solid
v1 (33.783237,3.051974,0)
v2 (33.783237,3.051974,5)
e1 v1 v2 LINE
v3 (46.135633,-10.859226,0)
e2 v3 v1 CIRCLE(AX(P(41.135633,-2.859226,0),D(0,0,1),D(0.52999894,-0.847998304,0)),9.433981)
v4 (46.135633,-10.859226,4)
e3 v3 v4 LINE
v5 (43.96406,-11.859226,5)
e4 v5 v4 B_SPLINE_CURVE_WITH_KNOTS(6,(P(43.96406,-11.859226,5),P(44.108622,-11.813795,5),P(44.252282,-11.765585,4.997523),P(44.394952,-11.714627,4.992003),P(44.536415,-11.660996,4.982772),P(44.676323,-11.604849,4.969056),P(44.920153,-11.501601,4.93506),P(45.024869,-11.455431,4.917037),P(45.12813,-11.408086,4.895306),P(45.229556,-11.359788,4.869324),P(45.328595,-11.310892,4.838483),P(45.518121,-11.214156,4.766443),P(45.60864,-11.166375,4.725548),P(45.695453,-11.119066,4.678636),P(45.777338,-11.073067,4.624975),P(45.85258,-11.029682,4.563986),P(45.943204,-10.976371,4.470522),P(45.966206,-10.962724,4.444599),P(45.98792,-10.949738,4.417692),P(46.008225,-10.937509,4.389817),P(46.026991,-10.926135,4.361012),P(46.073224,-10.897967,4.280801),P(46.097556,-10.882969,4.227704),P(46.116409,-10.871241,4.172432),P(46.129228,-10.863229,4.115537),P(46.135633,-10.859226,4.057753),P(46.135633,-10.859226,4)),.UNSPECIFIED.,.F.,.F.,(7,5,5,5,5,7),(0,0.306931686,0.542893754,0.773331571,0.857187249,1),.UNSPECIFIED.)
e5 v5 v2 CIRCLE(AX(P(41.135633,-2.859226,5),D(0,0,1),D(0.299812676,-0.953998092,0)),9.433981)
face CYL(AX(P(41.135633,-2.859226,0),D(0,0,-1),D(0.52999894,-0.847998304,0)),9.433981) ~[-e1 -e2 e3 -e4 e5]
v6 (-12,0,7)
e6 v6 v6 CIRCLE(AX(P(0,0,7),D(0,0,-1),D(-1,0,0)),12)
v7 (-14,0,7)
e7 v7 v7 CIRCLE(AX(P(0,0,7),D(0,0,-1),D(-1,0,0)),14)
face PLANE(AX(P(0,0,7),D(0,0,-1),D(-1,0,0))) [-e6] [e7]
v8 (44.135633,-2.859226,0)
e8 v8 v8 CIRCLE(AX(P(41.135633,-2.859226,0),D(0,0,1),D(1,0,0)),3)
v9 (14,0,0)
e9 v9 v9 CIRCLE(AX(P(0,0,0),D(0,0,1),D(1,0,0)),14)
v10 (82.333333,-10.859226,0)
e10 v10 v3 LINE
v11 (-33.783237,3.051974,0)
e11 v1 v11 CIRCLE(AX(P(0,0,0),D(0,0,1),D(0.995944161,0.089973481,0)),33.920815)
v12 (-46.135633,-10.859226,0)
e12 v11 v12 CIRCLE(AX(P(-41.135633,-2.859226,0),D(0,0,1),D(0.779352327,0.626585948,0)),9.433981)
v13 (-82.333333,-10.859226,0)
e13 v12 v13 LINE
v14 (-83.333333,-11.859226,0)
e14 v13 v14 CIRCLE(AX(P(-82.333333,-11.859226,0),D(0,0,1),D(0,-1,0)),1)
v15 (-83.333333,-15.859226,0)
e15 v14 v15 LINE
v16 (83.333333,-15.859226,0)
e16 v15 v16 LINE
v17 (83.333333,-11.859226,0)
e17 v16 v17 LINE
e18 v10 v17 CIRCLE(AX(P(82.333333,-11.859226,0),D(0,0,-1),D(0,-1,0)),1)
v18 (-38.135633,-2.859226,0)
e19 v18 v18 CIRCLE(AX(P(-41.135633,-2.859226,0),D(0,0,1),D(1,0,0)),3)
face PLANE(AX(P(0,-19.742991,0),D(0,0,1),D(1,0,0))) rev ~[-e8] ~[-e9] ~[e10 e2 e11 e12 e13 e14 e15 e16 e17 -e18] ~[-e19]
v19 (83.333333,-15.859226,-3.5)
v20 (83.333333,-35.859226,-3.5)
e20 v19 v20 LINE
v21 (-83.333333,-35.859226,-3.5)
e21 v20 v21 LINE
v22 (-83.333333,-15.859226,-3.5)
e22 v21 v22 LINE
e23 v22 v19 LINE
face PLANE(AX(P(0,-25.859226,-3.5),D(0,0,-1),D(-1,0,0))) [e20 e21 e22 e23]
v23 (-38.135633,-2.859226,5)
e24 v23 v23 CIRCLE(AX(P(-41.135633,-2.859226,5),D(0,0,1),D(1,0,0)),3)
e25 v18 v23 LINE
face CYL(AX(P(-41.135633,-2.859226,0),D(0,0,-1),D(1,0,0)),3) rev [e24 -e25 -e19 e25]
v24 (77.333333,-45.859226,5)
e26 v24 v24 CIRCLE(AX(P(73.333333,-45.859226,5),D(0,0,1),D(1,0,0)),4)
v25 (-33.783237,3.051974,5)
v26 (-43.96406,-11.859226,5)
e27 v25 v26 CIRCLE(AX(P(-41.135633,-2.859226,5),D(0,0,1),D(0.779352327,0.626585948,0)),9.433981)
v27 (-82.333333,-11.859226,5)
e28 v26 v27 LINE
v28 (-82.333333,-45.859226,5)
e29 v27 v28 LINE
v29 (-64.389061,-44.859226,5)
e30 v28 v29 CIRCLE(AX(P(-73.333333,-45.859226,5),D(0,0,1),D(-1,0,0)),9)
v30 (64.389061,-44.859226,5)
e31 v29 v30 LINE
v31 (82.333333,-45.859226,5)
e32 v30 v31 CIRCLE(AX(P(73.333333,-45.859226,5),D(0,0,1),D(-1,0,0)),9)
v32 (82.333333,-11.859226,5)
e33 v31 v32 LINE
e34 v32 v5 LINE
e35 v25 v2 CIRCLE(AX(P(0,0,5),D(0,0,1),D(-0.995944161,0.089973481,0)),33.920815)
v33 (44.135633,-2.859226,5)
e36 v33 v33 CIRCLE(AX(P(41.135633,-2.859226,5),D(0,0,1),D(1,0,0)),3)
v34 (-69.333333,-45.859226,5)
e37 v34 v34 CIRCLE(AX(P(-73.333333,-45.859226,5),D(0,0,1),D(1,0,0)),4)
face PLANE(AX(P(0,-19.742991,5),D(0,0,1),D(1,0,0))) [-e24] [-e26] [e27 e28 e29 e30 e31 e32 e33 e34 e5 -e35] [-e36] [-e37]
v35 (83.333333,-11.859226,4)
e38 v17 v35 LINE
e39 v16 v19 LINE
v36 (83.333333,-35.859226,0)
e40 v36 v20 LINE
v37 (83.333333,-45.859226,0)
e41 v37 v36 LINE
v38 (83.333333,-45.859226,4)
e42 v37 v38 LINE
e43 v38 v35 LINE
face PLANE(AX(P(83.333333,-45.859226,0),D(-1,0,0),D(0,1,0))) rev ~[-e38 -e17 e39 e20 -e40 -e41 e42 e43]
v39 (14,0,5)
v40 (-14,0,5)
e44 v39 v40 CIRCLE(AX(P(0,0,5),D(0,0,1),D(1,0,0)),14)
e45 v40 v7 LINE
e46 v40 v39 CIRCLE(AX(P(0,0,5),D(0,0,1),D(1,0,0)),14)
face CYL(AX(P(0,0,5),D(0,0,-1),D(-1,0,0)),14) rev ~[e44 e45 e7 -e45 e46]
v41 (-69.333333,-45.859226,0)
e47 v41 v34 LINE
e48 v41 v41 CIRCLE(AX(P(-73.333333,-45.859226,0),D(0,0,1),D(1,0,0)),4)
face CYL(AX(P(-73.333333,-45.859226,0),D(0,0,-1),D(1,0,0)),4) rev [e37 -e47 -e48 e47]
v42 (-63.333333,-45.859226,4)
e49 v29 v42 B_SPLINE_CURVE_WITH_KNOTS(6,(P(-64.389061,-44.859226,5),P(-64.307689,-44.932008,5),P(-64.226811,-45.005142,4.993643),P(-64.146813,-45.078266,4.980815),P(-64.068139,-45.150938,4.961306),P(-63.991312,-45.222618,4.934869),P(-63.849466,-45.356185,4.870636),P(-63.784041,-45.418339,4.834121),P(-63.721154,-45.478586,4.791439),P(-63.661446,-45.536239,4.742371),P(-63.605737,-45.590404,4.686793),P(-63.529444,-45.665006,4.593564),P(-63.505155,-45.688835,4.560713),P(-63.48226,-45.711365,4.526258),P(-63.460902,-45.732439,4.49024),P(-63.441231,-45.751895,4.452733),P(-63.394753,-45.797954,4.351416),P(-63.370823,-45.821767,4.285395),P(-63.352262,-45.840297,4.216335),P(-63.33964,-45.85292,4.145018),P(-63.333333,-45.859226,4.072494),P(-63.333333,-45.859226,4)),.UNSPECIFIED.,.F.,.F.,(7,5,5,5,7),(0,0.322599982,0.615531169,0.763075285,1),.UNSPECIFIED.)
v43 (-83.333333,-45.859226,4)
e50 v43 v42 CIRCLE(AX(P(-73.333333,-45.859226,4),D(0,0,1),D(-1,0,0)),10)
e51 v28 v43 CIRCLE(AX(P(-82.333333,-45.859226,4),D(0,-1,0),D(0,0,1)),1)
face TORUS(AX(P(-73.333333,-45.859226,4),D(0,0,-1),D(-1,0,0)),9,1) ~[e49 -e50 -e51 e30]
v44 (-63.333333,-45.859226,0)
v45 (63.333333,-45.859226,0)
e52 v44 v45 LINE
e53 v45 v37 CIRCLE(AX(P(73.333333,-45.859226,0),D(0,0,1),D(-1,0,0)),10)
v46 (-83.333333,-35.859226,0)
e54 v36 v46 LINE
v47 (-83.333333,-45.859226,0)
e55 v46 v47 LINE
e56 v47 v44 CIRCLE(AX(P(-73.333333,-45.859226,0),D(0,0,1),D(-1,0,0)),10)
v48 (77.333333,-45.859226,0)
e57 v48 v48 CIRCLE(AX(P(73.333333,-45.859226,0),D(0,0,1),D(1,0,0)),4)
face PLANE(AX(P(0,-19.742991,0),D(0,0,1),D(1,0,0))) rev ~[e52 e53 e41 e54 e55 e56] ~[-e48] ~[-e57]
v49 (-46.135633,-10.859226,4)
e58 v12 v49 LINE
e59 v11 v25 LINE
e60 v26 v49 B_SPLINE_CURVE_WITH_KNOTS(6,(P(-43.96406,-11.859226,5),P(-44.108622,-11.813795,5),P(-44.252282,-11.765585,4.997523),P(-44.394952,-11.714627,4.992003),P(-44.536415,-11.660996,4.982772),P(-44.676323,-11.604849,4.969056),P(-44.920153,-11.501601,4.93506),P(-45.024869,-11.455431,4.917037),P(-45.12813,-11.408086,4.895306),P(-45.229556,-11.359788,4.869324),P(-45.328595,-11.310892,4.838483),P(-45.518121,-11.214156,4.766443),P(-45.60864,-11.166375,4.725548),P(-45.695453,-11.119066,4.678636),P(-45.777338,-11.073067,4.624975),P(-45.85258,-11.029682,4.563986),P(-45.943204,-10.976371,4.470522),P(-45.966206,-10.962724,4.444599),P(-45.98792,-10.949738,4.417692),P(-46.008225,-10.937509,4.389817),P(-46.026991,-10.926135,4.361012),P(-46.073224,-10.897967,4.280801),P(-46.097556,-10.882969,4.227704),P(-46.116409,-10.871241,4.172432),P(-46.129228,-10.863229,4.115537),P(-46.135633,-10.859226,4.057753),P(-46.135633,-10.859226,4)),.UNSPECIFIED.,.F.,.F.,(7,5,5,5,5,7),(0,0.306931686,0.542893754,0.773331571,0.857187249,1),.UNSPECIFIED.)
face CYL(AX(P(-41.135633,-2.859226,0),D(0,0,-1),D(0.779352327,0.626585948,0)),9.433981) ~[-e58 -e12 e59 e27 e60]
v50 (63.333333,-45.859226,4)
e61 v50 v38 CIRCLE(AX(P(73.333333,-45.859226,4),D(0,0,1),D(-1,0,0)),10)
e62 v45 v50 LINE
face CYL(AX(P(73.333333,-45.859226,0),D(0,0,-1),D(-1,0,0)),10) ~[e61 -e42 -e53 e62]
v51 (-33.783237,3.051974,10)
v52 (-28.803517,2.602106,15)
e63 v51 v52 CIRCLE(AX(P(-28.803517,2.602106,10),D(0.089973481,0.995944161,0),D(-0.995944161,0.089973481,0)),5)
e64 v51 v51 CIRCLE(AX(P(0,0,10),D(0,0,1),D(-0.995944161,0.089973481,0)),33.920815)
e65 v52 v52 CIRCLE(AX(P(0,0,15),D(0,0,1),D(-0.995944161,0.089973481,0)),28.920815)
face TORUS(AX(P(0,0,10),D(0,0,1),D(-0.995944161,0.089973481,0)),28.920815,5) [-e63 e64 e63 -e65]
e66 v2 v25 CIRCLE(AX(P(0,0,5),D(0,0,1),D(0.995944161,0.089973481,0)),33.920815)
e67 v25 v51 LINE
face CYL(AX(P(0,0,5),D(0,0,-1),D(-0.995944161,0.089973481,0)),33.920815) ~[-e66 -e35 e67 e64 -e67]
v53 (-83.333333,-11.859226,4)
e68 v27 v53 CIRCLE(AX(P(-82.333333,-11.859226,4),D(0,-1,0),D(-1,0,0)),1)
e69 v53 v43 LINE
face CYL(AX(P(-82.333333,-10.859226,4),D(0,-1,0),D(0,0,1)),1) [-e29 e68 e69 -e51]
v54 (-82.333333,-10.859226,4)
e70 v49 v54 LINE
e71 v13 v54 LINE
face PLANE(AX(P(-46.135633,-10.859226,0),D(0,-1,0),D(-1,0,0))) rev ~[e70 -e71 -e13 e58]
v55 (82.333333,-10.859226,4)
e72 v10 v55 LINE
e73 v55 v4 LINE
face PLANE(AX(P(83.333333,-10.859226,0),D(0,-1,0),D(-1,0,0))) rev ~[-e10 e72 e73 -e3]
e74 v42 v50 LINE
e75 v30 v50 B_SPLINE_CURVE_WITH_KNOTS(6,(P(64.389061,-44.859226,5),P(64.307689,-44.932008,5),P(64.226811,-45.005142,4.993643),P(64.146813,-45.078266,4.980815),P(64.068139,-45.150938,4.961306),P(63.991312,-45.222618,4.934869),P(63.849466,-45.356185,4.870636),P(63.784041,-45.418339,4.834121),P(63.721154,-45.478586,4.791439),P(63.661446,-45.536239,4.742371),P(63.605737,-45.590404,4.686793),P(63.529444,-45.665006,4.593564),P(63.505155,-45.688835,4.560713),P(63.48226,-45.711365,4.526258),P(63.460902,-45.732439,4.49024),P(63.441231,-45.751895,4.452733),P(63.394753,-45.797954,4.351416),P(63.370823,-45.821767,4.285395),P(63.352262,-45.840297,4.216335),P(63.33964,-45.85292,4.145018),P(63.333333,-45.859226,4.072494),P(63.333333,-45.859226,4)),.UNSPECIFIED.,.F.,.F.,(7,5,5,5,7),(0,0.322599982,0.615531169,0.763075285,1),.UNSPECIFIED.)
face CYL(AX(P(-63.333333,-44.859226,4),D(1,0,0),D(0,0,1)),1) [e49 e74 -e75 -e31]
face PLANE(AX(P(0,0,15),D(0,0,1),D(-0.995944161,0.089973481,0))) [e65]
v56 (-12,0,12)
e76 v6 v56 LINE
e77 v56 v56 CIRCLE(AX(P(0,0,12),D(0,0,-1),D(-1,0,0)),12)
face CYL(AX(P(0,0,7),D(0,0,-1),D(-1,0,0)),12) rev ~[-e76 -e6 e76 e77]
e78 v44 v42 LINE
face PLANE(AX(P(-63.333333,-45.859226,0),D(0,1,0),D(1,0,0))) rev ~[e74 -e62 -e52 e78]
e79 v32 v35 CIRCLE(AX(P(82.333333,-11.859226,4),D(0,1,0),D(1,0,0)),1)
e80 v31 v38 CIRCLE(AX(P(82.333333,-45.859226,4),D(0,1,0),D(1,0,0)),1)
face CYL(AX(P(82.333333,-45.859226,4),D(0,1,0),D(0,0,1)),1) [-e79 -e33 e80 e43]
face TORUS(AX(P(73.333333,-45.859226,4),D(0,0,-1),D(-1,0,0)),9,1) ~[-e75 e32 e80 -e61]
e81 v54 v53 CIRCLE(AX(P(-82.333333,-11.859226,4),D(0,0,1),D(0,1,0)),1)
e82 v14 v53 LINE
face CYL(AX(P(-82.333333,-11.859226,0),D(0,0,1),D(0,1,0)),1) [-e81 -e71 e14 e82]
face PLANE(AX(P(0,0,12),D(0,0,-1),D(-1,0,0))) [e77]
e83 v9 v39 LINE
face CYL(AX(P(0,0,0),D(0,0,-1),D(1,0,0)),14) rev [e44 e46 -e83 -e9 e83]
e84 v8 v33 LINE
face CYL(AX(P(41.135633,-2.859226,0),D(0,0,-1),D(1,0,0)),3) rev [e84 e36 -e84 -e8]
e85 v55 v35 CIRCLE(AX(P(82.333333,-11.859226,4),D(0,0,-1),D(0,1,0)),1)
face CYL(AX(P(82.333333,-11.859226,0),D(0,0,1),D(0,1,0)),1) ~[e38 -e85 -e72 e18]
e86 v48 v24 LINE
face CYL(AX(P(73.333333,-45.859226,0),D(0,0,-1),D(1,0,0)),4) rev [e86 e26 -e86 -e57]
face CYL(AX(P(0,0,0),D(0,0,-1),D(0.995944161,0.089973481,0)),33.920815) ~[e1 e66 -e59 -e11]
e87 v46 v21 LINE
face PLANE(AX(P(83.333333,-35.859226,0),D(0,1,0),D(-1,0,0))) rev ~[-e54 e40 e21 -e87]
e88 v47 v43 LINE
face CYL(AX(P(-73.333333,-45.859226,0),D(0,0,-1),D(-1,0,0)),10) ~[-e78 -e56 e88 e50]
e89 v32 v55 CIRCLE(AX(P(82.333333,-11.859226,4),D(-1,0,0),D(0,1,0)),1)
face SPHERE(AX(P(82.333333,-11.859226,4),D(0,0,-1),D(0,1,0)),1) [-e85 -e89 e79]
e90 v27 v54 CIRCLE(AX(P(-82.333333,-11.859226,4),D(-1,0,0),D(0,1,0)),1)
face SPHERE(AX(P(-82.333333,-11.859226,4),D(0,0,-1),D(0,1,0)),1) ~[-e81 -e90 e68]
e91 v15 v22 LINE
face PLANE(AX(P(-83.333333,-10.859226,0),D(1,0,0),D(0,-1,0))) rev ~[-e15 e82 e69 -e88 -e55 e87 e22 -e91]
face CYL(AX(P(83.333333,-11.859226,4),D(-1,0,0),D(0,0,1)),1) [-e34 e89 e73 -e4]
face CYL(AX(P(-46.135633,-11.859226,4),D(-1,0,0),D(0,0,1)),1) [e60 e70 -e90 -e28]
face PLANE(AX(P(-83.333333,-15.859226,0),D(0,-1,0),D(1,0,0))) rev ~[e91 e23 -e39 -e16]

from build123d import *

# Parameters (mm, degrees)
SKETCH1_R           = 4
SKETCH1_R_2         = 3
SKETCH1_R_3         = 14
BOSS_EXTRUDE2_DEPTH = 5
SKETCH2_R           = 33.920814748
BOSS_EXTRUDE3_DEPTH = 10
BOSS_EXTRUDE4_DEPTH = 3.5
SKETCH5_R           = 14
CUT_EXTRUDE1_DEPTH  = 2
FILLET1_R           = 5
SKETCH6_R           = 12
CUT_EXTRUDE2_DEPTH  = 5
FILLET2_R           = 1


with BuildPart() as part:
    # Sketch1 → Boss-Extrude2 (new body)
    with BuildSketch(Plane.XY):
        with BuildLine():
            Line((-83.333333333, -10.859226218), (-83.333333333, -35.859226218))
            Line((-83.333333333, -35.859226218), (-83.333333333, -45.859226218))
            ThreePointArc((-83.333333333, -45.859226218), (-73.333333333, -55.859226218), (-63.333333333, -45.859226218))
            Line((-63.333333333, -45.859226218), (0, -45.859226218))
            Line((0, -45.859226218), (63.333333333, -45.859226218))
            ThreePointArc((63.333333333, -45.859226218), (73.333333333, -55.859226218), (83.333333333, -45.859226218))
            Line((83.333333333, -45.859226218), (83.333333333, -35.859226218))
            Line((83.333333333, -35.859226218), (83.333333333, -10.859226218))
            Line((83.333333333, -10.859226218), (46.135632545, -10.859226218))
            ThreePointArc((46.135632545, -10.859226218), (48.189979587, 3.404653395), (33.783237398, 3.051973795))
            ThreePointArc((33.783237398, 3.051973795), (0, 33.920814748), (-33.783237398, 3.051973795))
            ThreePointArc((-33.783237398, 3.051973795), (-48.189979587, 3.404653395), (-46.135632545, -10.859226218))
            Line((-46.135632545, -10.859226218), (-83.333333333, -10.859226218))
        make_face()
        with Locations((-73.333333333, -45.859226218)):
            Circle(SKETCH1_R, mode=Mode.SUBTRACT)
        with Locations((73.333333333, -45.859226218)):
            Circle(SKETCH1_R, mode=Mode.SUBTRACT)
        with Locations((-41.135632545, -2.859226218)):
            Circle(SKETCH1_R_2, mode=Mode.SUBTRACT)
        Circle(SKETCH1_R_3, mode=Mode.SUBTRACT)
        with Locations((41.135632545, -2.859226218)):
            Circle(SKETCH1_R_2, mode=Mode.SUBTRACT)
    extrude(amount=BOSS_EXTRUDE2_DEPTH)

    # Sketch2 → Boss-Extrude3 (add)
    with BuildSketch(Plane.XY.offset(5)):
        with Locations(Location((0, 0, 0), (0, 0, 174.837918502))):
            Circle(SKETCH2_R)
    extrude(amount=BOSS_EXTRUDE3_DEPTH)

    # Sketch3 → Boss-Extrude4 (add)
    with BuildSketch(Plane(origin=(0, 0, 0), x_dir=(-1, 0, 0), z_dir=(0, 0, -1))):
        Polygon((-83.333333333, -35.859226218), (83.333333333, -35.859226218), (83.333333333, -15.859226218), (-5.229680356, -15.859226218), (-83.333333333, -15.859226218), align=None)
    extrude(amount=BOSS_EXTRUDE4_DEPTH)

    # Sketch5 → Cut-Extrude1 (cut)
    with BuildSketch(Plane(origin=(0, 0, 5), x_dir=(-1, 0, 0), z_dir=(0, 0, -1))):
        Circle(SKETCH5_R)
    extrude(amount=-CUT_EXTRUDE1_DEPTH, mode=Mode.SUBTRACT)

    # Fillet1
    fillet1_edges = [part.edges().sort_by_distance(p)[0] for p in [
        (33.783237398, -3.051973795, 15),
    ]]
    fillet(fillet1_edges, radius=FILLET1_R)

    # Sketch6 → Cut-Extrude2 (cut)
    with BuildSketch(Plane(origin=(0, 0, 7), x_dir=(-1, 0, 0), z_dir=(0, 0, -1))):
        Circle(SKETCH6_R)
    extrude(amount=-CUT_EXTRUDE2_DEPTH, mode=Mode.SUBTRACT)

    # Fillet2
    fillet2_edges = [part.edges().sort_by_distance(p)[0] for p in [
        (83.333333333, -10.859226218, 2.5),
        (-83.333333333, -10.859226218, 2.5),
        (64.734482939, -10.859226218, 5),
        (-64.734482939, -10.859226218, 5),
        (-83.333333333, -28.359226218, 5),
        (-73.333333333, -55.859226218, 5),
        (0, -45.859226218, 5),
        (73.333333333, -55.859226218, 5),
        (83.333333333, -28.359226218, 5),
    ]]
    fillet(fillet2_edges, radius=FILLET2_R)


solid = part.part
